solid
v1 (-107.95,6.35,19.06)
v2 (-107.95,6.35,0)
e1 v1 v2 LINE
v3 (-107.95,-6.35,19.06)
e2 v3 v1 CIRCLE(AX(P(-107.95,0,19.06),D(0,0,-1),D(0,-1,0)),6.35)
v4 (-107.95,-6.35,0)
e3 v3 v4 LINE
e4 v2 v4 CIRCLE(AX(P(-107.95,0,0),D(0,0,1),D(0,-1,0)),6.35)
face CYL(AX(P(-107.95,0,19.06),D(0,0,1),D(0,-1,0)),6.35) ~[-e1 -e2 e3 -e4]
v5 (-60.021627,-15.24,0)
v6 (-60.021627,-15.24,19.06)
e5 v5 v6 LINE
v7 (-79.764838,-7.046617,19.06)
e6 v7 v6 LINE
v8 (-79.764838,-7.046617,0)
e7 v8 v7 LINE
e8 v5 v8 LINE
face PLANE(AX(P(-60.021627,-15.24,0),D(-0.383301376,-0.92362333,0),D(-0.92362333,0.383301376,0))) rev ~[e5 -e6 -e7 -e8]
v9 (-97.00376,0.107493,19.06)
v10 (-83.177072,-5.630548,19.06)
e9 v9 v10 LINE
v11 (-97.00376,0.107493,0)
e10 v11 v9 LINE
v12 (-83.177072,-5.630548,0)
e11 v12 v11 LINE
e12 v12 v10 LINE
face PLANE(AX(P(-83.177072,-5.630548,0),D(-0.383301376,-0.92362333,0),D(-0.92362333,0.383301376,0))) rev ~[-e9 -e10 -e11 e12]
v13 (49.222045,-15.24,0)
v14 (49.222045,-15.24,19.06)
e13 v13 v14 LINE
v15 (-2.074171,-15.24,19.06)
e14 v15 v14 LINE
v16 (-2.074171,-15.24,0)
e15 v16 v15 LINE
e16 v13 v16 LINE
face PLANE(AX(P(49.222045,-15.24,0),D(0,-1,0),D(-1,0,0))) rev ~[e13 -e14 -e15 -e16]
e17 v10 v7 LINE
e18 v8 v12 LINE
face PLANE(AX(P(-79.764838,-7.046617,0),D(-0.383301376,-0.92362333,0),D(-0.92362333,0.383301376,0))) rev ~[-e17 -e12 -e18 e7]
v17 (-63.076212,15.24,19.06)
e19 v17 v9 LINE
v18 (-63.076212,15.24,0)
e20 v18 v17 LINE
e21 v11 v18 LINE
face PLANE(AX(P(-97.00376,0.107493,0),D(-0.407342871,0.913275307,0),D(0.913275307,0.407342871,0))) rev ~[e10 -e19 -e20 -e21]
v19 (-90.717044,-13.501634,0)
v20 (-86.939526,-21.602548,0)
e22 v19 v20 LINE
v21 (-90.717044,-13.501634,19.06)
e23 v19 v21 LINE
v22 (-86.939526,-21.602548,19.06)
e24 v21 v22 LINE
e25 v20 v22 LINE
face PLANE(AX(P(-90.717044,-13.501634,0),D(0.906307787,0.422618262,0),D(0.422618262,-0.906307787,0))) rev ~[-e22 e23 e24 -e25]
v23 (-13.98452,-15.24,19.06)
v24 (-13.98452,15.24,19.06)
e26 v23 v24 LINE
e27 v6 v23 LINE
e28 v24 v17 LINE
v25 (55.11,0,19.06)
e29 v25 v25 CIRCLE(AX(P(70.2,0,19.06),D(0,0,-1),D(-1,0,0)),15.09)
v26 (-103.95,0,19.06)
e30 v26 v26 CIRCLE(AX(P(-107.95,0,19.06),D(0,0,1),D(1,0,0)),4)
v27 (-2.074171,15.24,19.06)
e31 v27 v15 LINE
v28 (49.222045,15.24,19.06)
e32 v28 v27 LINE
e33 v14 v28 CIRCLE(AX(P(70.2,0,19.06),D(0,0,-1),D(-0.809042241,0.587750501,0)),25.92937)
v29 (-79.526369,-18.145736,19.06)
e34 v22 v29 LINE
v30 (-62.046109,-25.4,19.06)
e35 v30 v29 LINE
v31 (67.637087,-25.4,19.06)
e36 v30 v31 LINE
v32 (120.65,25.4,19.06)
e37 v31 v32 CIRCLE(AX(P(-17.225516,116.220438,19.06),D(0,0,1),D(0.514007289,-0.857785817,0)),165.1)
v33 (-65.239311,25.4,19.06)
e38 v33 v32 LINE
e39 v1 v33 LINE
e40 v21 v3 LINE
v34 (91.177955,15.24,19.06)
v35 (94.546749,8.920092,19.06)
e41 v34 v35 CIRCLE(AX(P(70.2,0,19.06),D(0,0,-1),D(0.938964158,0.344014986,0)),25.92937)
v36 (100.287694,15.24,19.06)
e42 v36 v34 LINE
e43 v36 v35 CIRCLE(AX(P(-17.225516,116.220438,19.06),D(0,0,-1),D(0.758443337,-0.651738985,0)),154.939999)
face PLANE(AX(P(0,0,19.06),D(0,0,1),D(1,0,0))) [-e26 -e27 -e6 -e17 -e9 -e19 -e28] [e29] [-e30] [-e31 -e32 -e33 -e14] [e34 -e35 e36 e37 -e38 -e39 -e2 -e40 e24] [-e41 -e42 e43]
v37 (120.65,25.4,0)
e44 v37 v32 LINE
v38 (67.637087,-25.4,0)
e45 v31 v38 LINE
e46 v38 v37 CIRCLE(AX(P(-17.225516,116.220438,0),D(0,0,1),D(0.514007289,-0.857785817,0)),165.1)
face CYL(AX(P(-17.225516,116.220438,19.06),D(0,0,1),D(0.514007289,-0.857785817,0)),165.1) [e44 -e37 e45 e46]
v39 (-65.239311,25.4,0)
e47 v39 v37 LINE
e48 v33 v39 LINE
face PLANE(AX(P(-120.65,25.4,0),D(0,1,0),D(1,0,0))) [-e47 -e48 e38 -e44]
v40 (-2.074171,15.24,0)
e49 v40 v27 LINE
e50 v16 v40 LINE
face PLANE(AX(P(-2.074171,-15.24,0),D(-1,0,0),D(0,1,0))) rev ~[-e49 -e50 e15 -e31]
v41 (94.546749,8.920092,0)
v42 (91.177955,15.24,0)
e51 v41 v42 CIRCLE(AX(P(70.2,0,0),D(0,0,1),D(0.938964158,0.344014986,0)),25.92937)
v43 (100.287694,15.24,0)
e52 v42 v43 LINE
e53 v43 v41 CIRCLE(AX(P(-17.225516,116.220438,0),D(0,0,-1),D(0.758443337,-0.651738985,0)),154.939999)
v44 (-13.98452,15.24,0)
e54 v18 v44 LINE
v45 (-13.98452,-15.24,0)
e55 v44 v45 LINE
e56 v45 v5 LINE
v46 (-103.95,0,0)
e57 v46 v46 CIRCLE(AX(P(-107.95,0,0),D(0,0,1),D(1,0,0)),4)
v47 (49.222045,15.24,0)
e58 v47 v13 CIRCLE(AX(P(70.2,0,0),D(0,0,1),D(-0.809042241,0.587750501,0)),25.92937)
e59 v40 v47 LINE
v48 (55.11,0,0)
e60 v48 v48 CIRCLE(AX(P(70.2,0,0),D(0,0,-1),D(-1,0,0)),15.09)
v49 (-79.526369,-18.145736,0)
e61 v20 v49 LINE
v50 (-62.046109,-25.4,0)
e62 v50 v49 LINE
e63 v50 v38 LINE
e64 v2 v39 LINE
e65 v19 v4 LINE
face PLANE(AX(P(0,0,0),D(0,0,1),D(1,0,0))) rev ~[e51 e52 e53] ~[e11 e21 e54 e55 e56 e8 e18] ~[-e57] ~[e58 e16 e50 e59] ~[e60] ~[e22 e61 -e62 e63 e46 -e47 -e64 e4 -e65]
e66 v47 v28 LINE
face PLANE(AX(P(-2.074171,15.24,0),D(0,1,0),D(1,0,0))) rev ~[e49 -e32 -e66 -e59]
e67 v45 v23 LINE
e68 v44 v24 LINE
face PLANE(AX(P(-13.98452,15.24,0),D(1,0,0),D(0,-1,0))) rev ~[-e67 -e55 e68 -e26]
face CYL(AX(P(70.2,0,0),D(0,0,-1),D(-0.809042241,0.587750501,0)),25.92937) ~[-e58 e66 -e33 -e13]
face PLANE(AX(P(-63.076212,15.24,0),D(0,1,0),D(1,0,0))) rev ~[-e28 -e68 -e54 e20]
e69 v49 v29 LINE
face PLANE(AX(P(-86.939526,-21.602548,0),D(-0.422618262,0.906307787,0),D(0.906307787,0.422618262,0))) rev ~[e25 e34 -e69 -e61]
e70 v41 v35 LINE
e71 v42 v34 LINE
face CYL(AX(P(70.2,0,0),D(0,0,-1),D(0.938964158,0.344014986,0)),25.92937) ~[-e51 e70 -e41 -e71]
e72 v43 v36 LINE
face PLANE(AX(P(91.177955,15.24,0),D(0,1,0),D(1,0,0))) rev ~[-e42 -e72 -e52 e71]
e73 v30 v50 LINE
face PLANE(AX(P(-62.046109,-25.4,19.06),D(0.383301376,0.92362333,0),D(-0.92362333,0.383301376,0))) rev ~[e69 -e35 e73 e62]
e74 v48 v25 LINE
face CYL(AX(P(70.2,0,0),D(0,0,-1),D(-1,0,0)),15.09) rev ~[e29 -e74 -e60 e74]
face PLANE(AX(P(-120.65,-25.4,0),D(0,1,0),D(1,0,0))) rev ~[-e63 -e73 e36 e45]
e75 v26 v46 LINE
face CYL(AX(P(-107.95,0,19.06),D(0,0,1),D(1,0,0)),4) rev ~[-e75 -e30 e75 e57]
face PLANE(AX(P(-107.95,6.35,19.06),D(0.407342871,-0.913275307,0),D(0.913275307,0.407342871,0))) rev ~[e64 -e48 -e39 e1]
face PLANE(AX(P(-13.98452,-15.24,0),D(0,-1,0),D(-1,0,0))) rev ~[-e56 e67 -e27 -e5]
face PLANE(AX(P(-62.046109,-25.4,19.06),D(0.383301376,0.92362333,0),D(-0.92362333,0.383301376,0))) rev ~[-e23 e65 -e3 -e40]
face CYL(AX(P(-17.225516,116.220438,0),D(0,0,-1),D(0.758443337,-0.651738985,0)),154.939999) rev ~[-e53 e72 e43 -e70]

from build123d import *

# Parameters (mm, degrees)
SKETCH1_W           = 241.3
SKETCH1_H           = 50.8
BOSS_EXTRUDE1_DEPTH = 19.06
SKETCH3_R           = 4
CUT_EXTRUDE1_DEPTH  = 125.759232524
CUT_EXTRUDE2_DEPTH  = 125.759232524
SKETCH11_R          = 15.09
CUT_EXTRUDE3_DEPTH  = 125.759232524
BOSS_EXTRUDE2_DEPTH = 19.06
CUT_EXTRUDE4_DEPTH  = 125.759232524


with BuildPart() as part:
    # Sketch1 → Boss-Extrude1 (new body)
    with BuildSketch(Plane.XY):
        Rectangle(SKETCH1_W, SKETCH1_H)
    extrude(amount=BOSS_EXTRUDE1_DEPTH)

    # Sketch3 → Cut-Extrude1 (cut, through all)
    with BuildSketch(Plane.XY.offset(19.06)):
        with Locations((-107.95, 0)):
            Circle(SKETCH3_R)
    extrude(amount=-CUT_EXTRUDE1_DEPTH, mode=Mode.SUBTRACT)

    # Sketch5 → Cut-Extrude2 (cut, through all)
    with BuildSketch(Plane.XY.offset(19.06)):
        with BuildLine():
            ThreePointArc((67.637087091, -25.4), (97.003321964, -2.984354021), (120.65, 25.4))
            Line((120.65, 25.4), (120.65, -25.4))
            Line((120.65, -25.4), (67.637087091, -25.4))
        make_face()
        with BuildLine():
            Line((-62.046109456, -25.4), (-107.95, -6.35))
            ThreePointArc((-107.95, -6.35), (-114.3, 0), (-107.95, 6.35))
            Line((-107.95, 6.35), (-65.239311186, 25.4))
            Line((-65.239311186, 25.4), (-120.65, 25.4))
            Line((-120.65, 25.4), (-120.65, -25.4))
            Line((-120.65, -25.4), (-62.046109456, -25.4))
        make_face()
    extrude(amount=-CUT_EXTRUDE2_DEPTH, mode=Mode.SUBTRACT)

    # Sketch11 → Cut-Extrude3 (cut, through all)
    with BuildSketch(Plane(origin=(0, 0, 0), x_dir=(-1, 0, 0), z_dir=(0, 0, -1))):
        with Locations((-70.2, 0)):
            Circle(SKETCH11_R)
    extrude(amount=-CUT_EXTRUDE3_DEPTH, mode=Mode.SUBTRACT)

    # Sketch12 → Boss-Extrude2 (add)
    with BuildSketch(Plane(origin=(0, 0, 0), x_dir=(-1, 0, 0), z_dir=(0, 0, -1))):
        Polygon((86.939525855, -21.602548055), (79.526368634, -18.145736072), (90.717044303, -13.501633601), align=None)
    extrude(amount=-BOSS_EXTRUDE2_DEPTH)

    # Sketch13 → Cut-Extrude4 (cut, through all)
    with BuildSketch(Plane(origin=(0, 0, 0), x_dir=(-1, 0, 0), z_dir=(0, 0, -1))):
        with BuildLine():
            Line((-91.17795532, 15.24), (-100.287694386, 15.24))
            ThreePointArc((-100.287694386, 15.24), (-97.460762969, 12.040493243), (-94.546748719, 8.920091718))
            ThreePointArc((-94.546748719, 8.920091718), (-93.081597611, 12.196913552), (-91.17795532, 15.24))
        make_face()
        Polygon((13.984519796, -15.24), (60.021626843, -15.24), (79.764838161, -7.046616582), (83.177072141, -5.630547997), (97.003760461, 0.107493144), (63.076212362, 15.24), (13.984519796, 15.24), align=None)
        with BuildLine():
            Line((2.07417074, -15.24), (2.07417074, 15.24))
            Line((2.07417074, 15.24), (-49.22204468, 15.24))
            ThreePointArc((-49.22204468, 15.24), (-44.27063037, 0), (-49.22204468, -15.24))
            Line((-49.22204468, -15.24), (2.07417074, -15.24))
        make_face()
    extrude(amount=-CUT_EXTRUDE4_DEPTH, mode=Mode.SUBTRACT)


solid = part.part
